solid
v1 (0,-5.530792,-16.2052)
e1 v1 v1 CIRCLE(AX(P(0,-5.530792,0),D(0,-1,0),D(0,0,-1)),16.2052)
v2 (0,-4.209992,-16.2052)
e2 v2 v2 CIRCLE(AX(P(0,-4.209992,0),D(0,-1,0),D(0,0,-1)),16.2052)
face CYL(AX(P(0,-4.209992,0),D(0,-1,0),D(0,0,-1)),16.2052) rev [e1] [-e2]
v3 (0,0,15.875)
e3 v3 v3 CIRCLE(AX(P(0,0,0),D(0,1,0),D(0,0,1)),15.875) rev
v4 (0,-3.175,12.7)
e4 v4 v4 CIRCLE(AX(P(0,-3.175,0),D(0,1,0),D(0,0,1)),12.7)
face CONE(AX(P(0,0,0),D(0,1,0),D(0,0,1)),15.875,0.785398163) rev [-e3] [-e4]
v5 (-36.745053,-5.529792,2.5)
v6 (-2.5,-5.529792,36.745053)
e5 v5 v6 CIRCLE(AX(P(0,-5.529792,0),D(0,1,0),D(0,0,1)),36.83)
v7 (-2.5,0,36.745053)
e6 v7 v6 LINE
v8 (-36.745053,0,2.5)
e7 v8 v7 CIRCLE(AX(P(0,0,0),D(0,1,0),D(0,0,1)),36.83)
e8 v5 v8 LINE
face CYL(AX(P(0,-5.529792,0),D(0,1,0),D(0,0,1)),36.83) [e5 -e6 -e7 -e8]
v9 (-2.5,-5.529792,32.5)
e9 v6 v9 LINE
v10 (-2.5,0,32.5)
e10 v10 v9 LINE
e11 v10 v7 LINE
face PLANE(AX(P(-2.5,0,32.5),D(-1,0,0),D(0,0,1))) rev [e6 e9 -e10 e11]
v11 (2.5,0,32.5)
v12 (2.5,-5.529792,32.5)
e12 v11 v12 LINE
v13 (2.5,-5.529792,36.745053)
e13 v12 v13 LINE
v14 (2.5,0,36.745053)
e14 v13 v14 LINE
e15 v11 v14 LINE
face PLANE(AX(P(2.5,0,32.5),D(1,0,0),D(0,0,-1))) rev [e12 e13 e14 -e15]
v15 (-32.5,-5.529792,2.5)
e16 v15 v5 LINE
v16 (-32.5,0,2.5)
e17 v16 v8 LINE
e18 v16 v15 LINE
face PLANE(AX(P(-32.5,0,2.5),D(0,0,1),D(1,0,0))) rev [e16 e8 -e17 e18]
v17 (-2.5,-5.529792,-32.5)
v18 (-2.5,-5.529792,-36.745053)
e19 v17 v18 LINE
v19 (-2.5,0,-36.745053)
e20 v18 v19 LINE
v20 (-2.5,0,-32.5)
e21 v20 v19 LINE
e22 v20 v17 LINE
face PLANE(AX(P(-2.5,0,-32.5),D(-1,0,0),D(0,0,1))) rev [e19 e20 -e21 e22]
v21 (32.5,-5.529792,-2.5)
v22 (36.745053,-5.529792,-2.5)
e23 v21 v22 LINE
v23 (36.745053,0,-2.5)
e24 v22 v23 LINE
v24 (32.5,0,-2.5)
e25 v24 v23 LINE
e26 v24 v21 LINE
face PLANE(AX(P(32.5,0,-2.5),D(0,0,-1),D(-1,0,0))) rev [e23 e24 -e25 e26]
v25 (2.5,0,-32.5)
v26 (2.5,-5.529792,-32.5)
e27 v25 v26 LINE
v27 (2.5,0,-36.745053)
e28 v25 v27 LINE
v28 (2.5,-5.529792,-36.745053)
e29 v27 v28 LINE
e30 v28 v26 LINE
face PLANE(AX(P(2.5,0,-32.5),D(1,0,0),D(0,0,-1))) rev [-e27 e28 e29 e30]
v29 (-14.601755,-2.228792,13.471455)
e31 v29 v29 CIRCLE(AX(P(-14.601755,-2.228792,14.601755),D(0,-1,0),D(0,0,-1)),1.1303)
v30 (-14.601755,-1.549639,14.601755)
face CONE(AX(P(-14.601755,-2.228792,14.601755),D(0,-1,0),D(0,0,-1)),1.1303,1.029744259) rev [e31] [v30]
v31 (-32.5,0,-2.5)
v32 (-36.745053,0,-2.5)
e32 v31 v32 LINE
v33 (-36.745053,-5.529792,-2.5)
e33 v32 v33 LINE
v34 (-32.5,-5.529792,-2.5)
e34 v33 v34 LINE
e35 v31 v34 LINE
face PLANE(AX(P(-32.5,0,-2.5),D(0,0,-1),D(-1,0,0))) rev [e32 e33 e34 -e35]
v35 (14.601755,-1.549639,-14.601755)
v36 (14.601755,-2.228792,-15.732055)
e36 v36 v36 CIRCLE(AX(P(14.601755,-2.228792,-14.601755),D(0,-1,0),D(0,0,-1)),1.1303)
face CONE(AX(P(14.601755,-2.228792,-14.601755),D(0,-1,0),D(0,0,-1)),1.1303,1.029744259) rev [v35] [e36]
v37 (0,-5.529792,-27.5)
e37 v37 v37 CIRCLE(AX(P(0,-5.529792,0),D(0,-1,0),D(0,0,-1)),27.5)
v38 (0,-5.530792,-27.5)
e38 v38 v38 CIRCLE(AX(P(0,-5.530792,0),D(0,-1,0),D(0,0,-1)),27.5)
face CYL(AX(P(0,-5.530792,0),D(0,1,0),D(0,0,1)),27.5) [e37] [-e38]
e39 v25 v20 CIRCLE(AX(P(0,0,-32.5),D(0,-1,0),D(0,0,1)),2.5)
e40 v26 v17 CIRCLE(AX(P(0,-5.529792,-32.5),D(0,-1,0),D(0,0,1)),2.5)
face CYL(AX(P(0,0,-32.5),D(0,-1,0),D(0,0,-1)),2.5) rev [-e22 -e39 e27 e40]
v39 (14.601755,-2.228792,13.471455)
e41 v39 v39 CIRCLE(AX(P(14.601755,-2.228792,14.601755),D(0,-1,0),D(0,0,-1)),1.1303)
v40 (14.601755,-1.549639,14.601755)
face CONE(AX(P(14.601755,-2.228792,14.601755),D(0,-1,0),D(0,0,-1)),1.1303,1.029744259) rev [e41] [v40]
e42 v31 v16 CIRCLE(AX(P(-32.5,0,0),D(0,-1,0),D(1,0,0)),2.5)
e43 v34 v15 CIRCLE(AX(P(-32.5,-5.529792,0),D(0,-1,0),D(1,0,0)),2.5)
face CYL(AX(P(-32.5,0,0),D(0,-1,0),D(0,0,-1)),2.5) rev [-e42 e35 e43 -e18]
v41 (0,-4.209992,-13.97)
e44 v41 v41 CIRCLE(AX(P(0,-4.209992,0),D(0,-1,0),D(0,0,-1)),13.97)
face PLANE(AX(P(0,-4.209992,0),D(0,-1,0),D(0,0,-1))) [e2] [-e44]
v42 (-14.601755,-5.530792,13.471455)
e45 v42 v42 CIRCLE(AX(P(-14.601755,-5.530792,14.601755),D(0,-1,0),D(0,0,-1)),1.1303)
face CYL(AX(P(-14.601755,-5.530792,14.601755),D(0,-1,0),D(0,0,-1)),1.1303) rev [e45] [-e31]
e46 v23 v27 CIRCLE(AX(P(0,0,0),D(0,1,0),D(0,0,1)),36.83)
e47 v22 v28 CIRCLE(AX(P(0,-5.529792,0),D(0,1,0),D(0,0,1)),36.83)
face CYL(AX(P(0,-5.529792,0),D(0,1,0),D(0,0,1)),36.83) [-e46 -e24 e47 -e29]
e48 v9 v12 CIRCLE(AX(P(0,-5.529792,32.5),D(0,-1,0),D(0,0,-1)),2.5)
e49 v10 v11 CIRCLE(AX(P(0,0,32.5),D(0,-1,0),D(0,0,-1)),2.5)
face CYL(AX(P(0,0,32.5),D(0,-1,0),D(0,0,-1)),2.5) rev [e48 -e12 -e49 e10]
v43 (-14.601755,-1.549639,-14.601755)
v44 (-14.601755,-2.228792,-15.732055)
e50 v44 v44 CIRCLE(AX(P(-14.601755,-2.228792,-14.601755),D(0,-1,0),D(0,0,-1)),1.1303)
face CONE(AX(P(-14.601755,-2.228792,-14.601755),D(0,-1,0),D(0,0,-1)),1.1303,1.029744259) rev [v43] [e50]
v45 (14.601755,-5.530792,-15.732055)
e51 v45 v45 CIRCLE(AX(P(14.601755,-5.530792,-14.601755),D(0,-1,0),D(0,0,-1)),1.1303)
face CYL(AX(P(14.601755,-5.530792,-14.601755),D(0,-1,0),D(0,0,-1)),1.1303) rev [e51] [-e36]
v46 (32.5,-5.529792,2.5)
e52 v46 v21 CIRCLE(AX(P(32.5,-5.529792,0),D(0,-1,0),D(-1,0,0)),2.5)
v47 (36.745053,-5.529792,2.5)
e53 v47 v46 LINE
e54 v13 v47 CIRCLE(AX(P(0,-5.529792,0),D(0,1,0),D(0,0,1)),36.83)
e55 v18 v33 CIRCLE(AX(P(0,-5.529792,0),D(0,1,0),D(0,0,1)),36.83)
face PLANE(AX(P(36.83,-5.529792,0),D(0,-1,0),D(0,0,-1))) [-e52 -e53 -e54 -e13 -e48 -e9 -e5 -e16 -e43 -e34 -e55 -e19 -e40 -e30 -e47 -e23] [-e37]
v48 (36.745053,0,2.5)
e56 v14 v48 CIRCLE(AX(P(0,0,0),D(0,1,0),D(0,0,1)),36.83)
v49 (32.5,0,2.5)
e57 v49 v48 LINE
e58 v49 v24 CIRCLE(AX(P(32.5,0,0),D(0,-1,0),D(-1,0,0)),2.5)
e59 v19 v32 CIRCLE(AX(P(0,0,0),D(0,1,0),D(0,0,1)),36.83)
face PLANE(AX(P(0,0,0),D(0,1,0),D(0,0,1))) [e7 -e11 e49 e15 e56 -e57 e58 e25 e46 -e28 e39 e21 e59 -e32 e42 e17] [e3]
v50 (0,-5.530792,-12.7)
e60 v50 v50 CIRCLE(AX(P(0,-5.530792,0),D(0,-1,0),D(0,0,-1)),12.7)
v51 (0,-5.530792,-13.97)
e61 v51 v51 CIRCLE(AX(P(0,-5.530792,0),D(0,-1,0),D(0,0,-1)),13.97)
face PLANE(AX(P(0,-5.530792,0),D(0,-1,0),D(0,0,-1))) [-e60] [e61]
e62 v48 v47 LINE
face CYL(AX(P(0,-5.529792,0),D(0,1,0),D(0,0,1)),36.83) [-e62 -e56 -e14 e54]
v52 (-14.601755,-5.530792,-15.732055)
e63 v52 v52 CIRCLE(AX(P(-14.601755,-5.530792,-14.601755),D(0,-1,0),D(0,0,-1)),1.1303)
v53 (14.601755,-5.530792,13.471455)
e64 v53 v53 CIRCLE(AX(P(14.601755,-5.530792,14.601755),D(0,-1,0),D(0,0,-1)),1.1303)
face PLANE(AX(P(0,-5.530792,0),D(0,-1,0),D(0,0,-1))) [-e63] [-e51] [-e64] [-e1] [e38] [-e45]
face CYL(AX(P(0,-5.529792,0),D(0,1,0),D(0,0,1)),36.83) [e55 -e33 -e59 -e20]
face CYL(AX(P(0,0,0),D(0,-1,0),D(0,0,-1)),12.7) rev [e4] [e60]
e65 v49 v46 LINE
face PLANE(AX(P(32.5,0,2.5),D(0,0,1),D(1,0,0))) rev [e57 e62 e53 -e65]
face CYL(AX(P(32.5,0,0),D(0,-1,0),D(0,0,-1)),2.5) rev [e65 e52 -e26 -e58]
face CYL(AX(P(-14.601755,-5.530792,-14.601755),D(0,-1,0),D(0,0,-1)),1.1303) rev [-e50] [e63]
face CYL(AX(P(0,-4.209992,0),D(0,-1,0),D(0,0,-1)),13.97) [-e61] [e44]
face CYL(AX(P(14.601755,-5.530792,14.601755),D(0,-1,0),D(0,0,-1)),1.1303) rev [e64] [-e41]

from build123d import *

# Parameters (mm, degrees)
SKETCH1_W           = 36.83
SKETCH1_H           = 5.529791667
SKETCH5_R           = 27.5
BOSS_EXTRUDE1_DEPTH = 0.001
SKETCH19_R          = 12.7
CUT_EXTRUDE6_DEPTH  = 6.530791667
CIRPATTERN1_COUNT   = 4
CUT_EXTRUDE7_DEPTH  = 6.529791667
CIRPATTERN2_COUNT   = 4
CHAMFER1_SIZE       = 3.175
SKETCH28_R          = 16.2052
SKETCH28_R_2        = 13.97
CUT_EXTRUDE17_DEPTH = 1.3208


with BuildPart() as part:
    # Sketch1 → Revolve1 (revolve)
    with BuildSketch(Plane(origin=(0, 0, 0), x_dir=(-1, 0, 0), z_dir=(0, 0, -1))):
        with Locations((-18.415, -2.764895834)):
            Rectangle(SKETCH1_W, SKETCH1_H)
    revolve(axis=Axis((0, -5.529791667, 0), (0, 1, 0)))

    # Sketch5 → Boss-Extrude1 (add)
    with BuildSketch(Plane.XZ.offset(5.529791667)):
        Circle(SKETCH5_R)
    extrude(amount=BOSS_EXTRUDE1_DEPTH)

    # Sketch12 → #4-40 Tapped Hole1 (revolve, cut)
    with BuildSketch(Plane(origin=(-14.601755032, -5.530791667, 14.601755032), x_dir=(0, 0, -1), z_dir=(1, 0, 0))):
        Polygon((0, 0), (0, 3.981152758), (1.1303, 3.302), (1.1303, 0), align=None)
    f_4_40_tapped_hole1 = revolve(axis=Axis((-14.601755032, -11.880791667, 14.601755032), (0, 1, 0)), mode=Mode.SUBTRACT)

    # Sketch19 → Cut-Extrude6 (cut, through all)
    with BuildSketch(Plane.XZ.offset(5.530791667)):
        Circle(SKETCH19_R)
    extrude(amount=-CUT_EXTRUDE6_DEPTH, mode=Mode.SUBTRACT)

    # CirPattern1: #4-40 Tapped Hole1 ×4 about axis
    cirpattern1_axis = Axis((0, 0, 0), (0, 1, 0))
    for i in range(1, CIRPATTERN1_COUNT):
        add(f_4_40_tapped_hole1.rotate(cirpattern1_axis, i * 360 / CIRPATTERN1_COUNT), mode=Mode.SUBTRACT)

    # Sketch20 → Cut-Extrude7 (cut, through all)
    with BuildSketch(Plane(origin=(0, -5.529791667, 0), x_dir=(-1, 0, 0), z_dir=(0, -1, 0))):
        with BuildLine():
            Line((2.5, -32.5), (2.5, -42.5))
            ThreePointArc((2.5, -42.5), (0, -45), (-2.5, -42.5))
            Line((-2.5, -42.5), (-2.5, -32.5))
            ThreePointArc((-2.5, -32.5), (0, -30), (2.5, -32.5))
        make_face()
    cut_extrude7 = extrude(amount=-CUT_EXTRUDE7_DEPTH, mode=Mode.SUBTRACT)

    # CirPattern2: Cut-Extrude7 ×4 about axis
    cirpattern2_axis = Axis((0, 0, 0), (0, 1, 0))
    for i in range(1, CIRPATTERN2_COUNT):
        add(cut_extrude7.rotate(cirpattern2_axis, i * 360 / CIRPATTERN2_COUNT), mode=Mode.SUBTRACT)

    # Chamfer1
    chamfer1_edges = [part.edges().sort_by_distance(p)[0] for p in [
        (-12.7, 0, 0),
    ]]
    chamfer(chamfer1_edges, length=CHAMFER1_SIZE)

    # Sketch28 → Cut-Extrude17 (cut)
    with BuildSketch(Plane.XZ.offset(5.530791667)):
        Circle(SKETCH28_R)
        Circle(SKETCH28_R_2, mode=Mode.SUBTRACT)
    extrude(amount=-CUT_EXTRUDE17_DEPTH, mode=Mode.SUBTRACT)


solid = part.part
